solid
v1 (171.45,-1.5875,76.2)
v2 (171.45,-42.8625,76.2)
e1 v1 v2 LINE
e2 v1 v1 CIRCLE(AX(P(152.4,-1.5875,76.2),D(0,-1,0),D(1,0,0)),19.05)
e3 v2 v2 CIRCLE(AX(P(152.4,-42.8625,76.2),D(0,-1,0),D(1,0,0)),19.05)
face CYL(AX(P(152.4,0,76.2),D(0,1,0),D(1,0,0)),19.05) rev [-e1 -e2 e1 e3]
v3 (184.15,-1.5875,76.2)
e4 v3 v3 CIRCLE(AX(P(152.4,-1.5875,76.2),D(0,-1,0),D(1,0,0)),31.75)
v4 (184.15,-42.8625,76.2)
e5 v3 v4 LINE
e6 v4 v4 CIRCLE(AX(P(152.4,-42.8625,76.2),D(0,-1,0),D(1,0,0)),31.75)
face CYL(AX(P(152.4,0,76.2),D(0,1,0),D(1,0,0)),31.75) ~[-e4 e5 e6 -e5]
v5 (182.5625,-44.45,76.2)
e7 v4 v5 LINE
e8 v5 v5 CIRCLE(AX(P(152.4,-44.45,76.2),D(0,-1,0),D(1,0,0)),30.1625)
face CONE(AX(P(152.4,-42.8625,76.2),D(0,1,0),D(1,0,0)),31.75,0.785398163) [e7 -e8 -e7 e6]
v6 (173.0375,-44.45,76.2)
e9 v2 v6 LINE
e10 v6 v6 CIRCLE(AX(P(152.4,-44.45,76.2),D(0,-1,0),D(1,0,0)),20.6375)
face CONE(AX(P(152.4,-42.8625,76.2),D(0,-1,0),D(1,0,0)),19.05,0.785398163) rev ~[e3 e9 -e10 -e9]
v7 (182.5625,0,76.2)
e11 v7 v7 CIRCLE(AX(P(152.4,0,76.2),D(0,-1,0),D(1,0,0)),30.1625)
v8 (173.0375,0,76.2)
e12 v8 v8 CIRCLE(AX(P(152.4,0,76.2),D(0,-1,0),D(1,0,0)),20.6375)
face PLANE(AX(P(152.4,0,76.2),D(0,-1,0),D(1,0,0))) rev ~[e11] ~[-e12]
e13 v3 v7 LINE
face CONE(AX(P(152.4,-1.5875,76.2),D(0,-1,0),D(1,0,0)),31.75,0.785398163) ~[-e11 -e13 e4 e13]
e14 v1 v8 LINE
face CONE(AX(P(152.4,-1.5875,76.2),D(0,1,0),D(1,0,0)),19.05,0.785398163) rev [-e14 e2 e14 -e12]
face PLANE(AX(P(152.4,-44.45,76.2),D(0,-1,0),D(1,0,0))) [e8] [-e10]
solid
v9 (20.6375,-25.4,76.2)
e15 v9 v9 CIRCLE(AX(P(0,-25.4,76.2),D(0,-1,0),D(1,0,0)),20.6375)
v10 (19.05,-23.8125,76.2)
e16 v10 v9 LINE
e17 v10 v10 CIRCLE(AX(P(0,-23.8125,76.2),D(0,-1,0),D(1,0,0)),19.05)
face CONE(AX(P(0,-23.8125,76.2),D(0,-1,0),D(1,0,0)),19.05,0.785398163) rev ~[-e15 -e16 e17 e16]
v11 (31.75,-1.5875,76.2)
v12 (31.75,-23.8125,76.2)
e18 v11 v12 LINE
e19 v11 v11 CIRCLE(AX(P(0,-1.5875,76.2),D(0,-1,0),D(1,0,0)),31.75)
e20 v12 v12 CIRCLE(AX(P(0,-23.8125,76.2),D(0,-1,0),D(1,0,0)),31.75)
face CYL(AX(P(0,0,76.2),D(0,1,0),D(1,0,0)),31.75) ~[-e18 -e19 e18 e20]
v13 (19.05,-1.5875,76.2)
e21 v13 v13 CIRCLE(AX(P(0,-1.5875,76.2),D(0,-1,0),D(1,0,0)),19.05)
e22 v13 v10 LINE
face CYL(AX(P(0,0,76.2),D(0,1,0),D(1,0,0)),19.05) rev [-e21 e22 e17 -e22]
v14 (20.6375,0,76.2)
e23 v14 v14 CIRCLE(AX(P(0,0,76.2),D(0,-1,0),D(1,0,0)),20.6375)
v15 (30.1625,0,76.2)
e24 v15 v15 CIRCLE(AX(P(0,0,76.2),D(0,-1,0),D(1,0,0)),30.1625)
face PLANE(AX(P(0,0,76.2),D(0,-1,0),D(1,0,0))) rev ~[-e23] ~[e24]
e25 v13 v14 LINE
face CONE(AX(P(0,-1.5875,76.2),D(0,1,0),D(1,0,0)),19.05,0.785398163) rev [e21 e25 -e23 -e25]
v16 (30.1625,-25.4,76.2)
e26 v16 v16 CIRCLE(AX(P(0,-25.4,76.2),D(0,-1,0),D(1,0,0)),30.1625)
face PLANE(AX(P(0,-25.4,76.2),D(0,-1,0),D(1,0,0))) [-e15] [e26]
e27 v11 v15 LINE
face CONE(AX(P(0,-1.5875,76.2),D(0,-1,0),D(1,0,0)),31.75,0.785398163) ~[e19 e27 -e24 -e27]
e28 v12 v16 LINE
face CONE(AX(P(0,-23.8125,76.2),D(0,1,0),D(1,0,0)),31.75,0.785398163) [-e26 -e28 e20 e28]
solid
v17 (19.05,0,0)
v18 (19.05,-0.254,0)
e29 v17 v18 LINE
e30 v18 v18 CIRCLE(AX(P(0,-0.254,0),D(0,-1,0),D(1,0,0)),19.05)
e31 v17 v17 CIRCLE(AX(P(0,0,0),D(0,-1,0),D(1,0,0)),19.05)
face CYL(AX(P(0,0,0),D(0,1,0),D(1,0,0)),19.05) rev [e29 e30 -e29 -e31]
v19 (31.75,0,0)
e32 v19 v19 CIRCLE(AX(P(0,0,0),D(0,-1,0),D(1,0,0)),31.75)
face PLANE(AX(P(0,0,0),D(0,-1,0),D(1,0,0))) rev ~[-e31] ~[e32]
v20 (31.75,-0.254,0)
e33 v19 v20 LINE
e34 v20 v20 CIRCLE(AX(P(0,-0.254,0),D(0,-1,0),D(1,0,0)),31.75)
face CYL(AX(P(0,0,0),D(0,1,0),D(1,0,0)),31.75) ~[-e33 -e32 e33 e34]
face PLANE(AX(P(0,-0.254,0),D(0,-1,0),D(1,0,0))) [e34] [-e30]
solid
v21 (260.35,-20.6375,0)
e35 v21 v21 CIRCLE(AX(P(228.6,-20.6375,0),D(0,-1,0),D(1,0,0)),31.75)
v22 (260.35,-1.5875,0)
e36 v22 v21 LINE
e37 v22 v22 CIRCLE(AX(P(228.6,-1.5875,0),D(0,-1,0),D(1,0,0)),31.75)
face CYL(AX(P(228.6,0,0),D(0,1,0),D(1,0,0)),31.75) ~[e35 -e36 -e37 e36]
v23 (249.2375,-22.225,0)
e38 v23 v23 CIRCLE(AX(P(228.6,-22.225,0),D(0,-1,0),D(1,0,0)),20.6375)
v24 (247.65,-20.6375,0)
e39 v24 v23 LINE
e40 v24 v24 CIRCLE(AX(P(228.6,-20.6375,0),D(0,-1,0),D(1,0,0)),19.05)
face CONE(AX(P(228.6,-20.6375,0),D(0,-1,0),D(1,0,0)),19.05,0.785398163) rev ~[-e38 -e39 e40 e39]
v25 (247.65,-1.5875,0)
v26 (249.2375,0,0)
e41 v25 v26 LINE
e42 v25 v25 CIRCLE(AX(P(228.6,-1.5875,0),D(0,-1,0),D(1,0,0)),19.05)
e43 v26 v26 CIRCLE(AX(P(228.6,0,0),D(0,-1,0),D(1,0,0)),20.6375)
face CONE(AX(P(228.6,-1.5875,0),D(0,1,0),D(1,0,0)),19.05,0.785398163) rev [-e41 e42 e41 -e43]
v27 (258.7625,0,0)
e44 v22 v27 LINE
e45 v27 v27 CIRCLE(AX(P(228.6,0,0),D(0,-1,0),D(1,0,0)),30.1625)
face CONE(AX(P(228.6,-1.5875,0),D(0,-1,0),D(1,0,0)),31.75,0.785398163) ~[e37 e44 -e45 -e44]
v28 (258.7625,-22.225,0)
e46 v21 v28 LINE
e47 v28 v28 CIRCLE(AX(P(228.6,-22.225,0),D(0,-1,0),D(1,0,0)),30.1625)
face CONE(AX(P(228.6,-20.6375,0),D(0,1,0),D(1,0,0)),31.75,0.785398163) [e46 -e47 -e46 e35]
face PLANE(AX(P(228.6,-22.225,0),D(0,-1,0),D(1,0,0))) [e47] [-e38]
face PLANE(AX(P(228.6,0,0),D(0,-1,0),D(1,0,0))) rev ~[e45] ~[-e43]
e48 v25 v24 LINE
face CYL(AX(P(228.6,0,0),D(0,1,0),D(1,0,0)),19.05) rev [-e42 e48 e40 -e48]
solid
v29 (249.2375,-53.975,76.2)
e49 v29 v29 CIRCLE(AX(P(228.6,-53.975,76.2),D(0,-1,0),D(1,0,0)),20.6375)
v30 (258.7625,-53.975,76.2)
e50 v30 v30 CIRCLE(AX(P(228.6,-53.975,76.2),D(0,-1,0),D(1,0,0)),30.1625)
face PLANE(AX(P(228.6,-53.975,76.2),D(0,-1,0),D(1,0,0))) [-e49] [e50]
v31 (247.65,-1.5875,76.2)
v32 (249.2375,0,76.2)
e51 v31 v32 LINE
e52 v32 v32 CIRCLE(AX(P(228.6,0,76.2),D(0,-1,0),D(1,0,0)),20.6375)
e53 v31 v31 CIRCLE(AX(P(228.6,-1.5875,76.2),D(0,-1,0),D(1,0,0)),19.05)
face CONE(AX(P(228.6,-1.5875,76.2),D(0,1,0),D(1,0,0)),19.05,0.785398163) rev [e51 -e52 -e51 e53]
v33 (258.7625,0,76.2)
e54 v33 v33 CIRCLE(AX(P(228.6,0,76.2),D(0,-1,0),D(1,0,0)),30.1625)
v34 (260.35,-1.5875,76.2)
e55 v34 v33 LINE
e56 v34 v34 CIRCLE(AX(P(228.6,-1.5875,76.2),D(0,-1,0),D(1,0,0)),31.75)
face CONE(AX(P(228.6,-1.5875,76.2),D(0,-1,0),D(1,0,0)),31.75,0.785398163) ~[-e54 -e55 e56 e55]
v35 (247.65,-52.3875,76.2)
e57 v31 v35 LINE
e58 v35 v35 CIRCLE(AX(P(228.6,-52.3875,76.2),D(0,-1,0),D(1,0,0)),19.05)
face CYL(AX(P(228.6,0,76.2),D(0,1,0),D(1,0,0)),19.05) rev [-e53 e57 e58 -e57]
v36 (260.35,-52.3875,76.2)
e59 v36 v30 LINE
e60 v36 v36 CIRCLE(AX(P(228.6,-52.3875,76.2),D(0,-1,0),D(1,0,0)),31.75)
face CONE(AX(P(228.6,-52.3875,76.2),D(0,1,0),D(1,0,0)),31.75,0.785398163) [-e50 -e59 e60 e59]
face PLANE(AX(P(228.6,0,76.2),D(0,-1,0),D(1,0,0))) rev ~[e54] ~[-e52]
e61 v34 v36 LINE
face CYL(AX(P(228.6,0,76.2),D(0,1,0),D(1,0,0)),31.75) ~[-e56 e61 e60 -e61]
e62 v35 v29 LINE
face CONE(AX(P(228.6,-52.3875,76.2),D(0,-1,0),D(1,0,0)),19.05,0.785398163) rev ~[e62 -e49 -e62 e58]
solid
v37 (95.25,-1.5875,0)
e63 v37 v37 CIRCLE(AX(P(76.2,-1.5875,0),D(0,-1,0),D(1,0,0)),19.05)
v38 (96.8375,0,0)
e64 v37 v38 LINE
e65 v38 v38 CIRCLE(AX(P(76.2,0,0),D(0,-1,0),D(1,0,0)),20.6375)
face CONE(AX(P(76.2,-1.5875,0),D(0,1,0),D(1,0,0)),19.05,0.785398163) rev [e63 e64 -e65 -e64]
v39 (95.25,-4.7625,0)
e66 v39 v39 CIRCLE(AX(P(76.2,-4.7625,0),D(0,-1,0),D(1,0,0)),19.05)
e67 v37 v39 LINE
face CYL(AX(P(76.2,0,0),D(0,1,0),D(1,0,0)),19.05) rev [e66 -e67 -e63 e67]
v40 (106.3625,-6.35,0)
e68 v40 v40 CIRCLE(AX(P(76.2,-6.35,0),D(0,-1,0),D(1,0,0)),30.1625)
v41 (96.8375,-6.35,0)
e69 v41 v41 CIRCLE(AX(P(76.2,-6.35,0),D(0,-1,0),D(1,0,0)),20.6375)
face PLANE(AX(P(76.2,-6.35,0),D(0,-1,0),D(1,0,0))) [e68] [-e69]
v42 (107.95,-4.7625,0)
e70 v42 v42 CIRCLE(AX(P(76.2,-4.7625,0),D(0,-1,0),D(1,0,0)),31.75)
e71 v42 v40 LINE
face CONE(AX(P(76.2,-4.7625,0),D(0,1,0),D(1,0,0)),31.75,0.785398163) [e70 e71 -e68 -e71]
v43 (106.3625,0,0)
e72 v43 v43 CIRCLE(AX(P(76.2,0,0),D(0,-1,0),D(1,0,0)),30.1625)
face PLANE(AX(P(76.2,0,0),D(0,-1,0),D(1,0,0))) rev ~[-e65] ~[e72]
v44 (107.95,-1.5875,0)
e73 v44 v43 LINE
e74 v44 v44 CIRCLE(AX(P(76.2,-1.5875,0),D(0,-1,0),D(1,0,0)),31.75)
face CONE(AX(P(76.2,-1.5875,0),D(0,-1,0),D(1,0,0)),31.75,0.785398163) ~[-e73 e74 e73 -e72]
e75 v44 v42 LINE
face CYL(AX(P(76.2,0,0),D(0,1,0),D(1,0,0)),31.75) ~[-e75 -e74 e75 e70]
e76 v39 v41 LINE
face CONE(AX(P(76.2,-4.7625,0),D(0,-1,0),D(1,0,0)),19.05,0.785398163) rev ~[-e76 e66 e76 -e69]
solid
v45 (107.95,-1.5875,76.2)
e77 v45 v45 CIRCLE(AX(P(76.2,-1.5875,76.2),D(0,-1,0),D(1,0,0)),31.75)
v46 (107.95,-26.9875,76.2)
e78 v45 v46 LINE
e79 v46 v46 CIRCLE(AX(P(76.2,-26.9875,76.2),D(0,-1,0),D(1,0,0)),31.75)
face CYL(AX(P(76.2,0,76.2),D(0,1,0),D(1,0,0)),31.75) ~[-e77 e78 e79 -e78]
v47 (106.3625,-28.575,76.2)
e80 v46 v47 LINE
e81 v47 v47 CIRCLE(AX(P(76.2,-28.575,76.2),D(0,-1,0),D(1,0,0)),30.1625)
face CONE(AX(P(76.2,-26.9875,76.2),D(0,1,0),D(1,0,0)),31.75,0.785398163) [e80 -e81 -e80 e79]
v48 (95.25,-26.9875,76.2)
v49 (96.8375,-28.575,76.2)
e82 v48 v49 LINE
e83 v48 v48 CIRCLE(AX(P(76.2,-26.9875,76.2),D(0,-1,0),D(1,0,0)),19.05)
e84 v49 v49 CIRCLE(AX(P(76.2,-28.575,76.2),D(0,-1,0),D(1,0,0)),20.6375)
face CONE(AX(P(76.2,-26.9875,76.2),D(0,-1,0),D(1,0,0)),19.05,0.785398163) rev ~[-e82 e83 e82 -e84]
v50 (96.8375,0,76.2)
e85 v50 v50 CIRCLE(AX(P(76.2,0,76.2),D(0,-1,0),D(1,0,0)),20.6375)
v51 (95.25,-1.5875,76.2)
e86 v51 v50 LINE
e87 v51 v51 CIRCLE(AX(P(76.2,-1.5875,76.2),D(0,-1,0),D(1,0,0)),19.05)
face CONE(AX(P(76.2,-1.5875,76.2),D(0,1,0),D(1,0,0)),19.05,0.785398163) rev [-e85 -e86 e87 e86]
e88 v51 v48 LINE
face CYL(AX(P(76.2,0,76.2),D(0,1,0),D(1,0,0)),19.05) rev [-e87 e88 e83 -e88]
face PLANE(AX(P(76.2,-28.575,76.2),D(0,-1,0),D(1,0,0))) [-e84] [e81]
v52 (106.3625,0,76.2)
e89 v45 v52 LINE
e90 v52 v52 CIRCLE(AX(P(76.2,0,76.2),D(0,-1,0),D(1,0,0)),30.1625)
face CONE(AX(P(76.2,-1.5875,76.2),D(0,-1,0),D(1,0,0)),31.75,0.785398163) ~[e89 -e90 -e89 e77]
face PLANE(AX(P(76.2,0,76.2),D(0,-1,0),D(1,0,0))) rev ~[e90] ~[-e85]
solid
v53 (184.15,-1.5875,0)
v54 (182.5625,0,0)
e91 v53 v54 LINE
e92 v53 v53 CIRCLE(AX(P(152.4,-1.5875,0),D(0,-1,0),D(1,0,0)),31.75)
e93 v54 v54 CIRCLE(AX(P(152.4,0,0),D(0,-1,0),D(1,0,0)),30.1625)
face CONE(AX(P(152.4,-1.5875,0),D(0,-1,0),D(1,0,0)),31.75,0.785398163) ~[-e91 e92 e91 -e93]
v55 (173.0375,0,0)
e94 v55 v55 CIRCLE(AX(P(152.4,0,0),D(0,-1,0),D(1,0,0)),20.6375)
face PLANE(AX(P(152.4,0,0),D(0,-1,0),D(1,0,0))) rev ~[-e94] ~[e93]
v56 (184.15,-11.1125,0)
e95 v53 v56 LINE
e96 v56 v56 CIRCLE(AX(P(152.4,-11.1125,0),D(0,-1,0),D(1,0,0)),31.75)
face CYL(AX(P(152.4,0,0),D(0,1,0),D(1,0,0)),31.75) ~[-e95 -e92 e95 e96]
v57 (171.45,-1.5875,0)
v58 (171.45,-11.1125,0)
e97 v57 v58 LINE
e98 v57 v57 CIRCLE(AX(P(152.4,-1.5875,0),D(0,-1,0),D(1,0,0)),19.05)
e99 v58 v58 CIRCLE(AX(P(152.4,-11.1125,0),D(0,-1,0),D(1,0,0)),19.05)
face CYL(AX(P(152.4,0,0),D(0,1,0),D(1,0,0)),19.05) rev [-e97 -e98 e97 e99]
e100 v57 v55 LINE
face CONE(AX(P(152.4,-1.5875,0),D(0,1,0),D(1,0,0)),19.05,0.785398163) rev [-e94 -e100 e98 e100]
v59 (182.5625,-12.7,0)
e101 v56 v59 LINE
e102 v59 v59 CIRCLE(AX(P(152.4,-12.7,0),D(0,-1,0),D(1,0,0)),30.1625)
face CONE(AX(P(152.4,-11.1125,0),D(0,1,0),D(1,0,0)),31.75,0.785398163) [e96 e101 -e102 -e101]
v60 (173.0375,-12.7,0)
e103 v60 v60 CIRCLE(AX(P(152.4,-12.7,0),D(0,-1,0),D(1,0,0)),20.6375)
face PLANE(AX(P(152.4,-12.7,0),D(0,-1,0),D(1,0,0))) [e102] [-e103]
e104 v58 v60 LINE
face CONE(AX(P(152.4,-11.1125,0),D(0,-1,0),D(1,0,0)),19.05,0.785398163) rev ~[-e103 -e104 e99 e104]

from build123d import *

# Parameters (mm, degrees)
F0_R      = 31.75
F0_R_2    = 19.05
F1_DEPTH  = 0.254
F2_DEPTH  = 6.35
F3_DEPTH  = 12.7
F4_DEPTH  = 22.225
F5_DEPTH  = 25.4
F6_DEPTH  = 28.575
F7_DEPTH  = 44.45
F8_DEPTH  = 53.975
F9_SIZE   = 1.5875
F9_2_SIZE = 1.5875
F9_3_SIZE = 1.5875
F9_4_SIZE = 1.5875
F9_5_SIZE = 1.5875
F9_6_SIZE = 1.5875
F9_7_SIZE = 1.5875


with BuildPart() as f1:
    # F0 (on Front) → F1 (new body)
    with BuildSketch(Plane.XZ):
        Circle(F0_R)
        Circle(F0_R_2, mode=Mode.SUBTRACT)
    extrude(amount=F1_DEPTH)


with BuildPart() as f2:
    # F0 (on Front) → F2 (new body)
    with BuildSketch(Plane.XZ):
        with Locations((76.2, 0)):
            Circle(F0_R)
        with Locations((76.2, 0)):
            Circle(F0_R_2, mode=Mode.SUBTRACT)
    extrude(amount=F2_DEPTH)

    # F9#7
    f9_7_edges = [f2.edges().sort_by_distance(p)[0] for p in [
        (44.45, -6.35, 0),
        (57.15, -6.35, 0),
        (44.45, 0, 0),
        (57.15, 0, 0),
    ]]
    chamfer(f9_7_edges, length=F9_7_SIZE)


with BuildPart() as f3:
    # F0 (on Front) → F3 (new body)
    with BuildSketch(Plane.XZ):
        with Locations((152.4, 0)):
            Circle(F0_R)
        with Locations((152.4, 0)):
            Circle(F0_R_2, mode=Mode.SUBTRACT)
    extrude(amount=F3_DEPTH)

    # F9#6
    f9_6_edges = [f3.edges().sort_by_distance(p)[0] for p in [
        (120.65, -12.7, 0),
        (133.35, -12.7, 0),
        (120.65, 0, 0),
        (133.35, 0, 0),
    ]]
    chamfer(f9_6_edges, length=F9_6_SIZE)


with BuildPart() as f4:
    # F0 (on Front) → F4 (new body)
    with BuildSketch(Plane.XZ):
        with Locations((228.6, 0)):
            Circle(F0_R)
        with Locations((228.6, 0)):
            Circle(F0_R_2, mode=Mode.SUBTRACT)
    extrude(amount=F4_DEPTH)

    # F9#5
    f9_5_edges = [f4.edges().sort_by_distance(p)[0] for p in [
        (196.85, -22.225, 0),
        (209.55, -22.225, 0),
        (196.85, 0, 0),
        (209.55, 0, 0),
    ]]
    chamfer(f9_5_edges, length=F9_5_SIZE)


with BuildPart() as f5:
    # F0 (on Front) → F5 (new body)
    with BuildSketch(Plane.XZ):
        with Locations((0, 76.2)):
            Circle(F0_R)
        with Locations((0, 76.2)):
            Circle(F0_R_2, mode=Mode.SUBTRACT)
    extrude(amount=F5_DEPTH)

    # F9
    f9_edges = [f5.edges().sort_by_distance(p)[0] for p in [
        (-31.75, -25.4, 76.2),
        (-19.05, -25.4, 76.2),
        (-31.75, 0, 76.2),
        (-19.05, 0, 76.2),
    ]]
    chamfer(f9_edges, length=F9_SIZE)


with BuildPart() as f6:
    # F0 (on Front) → F6 (new body)
    with BuildSketch(Plane.XZ):
        with Locations((76.2, 76.2)):
            Circle(F0_R)
        with Locations((76.2, 76.2)):
            Circle(F0_R_2, mode=Mode.SUBTRACT)
    extrude(amount=F6_DEPTH)

    # F9#2
    f9_2_edges = [f6.edges().sort_by_distance(p)[0] for p in [
        (44.45, -28.575, 76.2),
        (57.15, -28.575, 76.2),
        (44.45, 0, 76.2),
        (57.15, 0, 76.2),
    ]]
    chamfer(f9_2_edges, length=F9_2_SIZE)


with BuildPart() as f7:
    # F0 (on Front) → F7 (new body)
    with BuildSketch(Plane.XZ):
        with Locations((152.4, 76.2)):
            Circle(F0_R)
        with Locations((152.4, 76.2)):
            Circle(F0_R_2, mode=Mode.SUBTRACT)
    extrude(amount=F7_DEPTH)

    # F9#3
    f9_3_edges = [f7.edges().sort_by_distance(p)[0] for p in [
        (120.65, -44.45, 76.2),
        (133.35, -44.45, 76.2),
        (120.65, 0, 76.2),
        (133.35, 0, 76.2),
    ]]
    chamfer(f9_3_edges, length=F9_3_SIZE)


with BuildPart() as f8:
    # F0 (on Front) → F8 (new body)
    with BuildSketch(Plane.XZ):
        with Locations((228.6, 76.2)):
            Circle(F0_R)
        with Locations((228.6, 76.2)):
            Circle(F0_R_2, mode=Mode.SUBTRACT)
    extrude(amount=F8_DEPTH)

    # F9#4
    f9_4_edges = [f8.edges().sort_by_distance(p)[0] for p in [
        (196.85, -53.975, 76.2),
        (209.55, -53.975, 76.2),
        (196.85, 0, 76.2),
        (209.55, 0, 76.2),
    ]]
    chamfer(f9_4_edges, length=F9_4_SIZE)


solid = Compound([f1.part, f2.part, f3.part, f4.part, f5.part, f6.part, f7.part, f8.part])
